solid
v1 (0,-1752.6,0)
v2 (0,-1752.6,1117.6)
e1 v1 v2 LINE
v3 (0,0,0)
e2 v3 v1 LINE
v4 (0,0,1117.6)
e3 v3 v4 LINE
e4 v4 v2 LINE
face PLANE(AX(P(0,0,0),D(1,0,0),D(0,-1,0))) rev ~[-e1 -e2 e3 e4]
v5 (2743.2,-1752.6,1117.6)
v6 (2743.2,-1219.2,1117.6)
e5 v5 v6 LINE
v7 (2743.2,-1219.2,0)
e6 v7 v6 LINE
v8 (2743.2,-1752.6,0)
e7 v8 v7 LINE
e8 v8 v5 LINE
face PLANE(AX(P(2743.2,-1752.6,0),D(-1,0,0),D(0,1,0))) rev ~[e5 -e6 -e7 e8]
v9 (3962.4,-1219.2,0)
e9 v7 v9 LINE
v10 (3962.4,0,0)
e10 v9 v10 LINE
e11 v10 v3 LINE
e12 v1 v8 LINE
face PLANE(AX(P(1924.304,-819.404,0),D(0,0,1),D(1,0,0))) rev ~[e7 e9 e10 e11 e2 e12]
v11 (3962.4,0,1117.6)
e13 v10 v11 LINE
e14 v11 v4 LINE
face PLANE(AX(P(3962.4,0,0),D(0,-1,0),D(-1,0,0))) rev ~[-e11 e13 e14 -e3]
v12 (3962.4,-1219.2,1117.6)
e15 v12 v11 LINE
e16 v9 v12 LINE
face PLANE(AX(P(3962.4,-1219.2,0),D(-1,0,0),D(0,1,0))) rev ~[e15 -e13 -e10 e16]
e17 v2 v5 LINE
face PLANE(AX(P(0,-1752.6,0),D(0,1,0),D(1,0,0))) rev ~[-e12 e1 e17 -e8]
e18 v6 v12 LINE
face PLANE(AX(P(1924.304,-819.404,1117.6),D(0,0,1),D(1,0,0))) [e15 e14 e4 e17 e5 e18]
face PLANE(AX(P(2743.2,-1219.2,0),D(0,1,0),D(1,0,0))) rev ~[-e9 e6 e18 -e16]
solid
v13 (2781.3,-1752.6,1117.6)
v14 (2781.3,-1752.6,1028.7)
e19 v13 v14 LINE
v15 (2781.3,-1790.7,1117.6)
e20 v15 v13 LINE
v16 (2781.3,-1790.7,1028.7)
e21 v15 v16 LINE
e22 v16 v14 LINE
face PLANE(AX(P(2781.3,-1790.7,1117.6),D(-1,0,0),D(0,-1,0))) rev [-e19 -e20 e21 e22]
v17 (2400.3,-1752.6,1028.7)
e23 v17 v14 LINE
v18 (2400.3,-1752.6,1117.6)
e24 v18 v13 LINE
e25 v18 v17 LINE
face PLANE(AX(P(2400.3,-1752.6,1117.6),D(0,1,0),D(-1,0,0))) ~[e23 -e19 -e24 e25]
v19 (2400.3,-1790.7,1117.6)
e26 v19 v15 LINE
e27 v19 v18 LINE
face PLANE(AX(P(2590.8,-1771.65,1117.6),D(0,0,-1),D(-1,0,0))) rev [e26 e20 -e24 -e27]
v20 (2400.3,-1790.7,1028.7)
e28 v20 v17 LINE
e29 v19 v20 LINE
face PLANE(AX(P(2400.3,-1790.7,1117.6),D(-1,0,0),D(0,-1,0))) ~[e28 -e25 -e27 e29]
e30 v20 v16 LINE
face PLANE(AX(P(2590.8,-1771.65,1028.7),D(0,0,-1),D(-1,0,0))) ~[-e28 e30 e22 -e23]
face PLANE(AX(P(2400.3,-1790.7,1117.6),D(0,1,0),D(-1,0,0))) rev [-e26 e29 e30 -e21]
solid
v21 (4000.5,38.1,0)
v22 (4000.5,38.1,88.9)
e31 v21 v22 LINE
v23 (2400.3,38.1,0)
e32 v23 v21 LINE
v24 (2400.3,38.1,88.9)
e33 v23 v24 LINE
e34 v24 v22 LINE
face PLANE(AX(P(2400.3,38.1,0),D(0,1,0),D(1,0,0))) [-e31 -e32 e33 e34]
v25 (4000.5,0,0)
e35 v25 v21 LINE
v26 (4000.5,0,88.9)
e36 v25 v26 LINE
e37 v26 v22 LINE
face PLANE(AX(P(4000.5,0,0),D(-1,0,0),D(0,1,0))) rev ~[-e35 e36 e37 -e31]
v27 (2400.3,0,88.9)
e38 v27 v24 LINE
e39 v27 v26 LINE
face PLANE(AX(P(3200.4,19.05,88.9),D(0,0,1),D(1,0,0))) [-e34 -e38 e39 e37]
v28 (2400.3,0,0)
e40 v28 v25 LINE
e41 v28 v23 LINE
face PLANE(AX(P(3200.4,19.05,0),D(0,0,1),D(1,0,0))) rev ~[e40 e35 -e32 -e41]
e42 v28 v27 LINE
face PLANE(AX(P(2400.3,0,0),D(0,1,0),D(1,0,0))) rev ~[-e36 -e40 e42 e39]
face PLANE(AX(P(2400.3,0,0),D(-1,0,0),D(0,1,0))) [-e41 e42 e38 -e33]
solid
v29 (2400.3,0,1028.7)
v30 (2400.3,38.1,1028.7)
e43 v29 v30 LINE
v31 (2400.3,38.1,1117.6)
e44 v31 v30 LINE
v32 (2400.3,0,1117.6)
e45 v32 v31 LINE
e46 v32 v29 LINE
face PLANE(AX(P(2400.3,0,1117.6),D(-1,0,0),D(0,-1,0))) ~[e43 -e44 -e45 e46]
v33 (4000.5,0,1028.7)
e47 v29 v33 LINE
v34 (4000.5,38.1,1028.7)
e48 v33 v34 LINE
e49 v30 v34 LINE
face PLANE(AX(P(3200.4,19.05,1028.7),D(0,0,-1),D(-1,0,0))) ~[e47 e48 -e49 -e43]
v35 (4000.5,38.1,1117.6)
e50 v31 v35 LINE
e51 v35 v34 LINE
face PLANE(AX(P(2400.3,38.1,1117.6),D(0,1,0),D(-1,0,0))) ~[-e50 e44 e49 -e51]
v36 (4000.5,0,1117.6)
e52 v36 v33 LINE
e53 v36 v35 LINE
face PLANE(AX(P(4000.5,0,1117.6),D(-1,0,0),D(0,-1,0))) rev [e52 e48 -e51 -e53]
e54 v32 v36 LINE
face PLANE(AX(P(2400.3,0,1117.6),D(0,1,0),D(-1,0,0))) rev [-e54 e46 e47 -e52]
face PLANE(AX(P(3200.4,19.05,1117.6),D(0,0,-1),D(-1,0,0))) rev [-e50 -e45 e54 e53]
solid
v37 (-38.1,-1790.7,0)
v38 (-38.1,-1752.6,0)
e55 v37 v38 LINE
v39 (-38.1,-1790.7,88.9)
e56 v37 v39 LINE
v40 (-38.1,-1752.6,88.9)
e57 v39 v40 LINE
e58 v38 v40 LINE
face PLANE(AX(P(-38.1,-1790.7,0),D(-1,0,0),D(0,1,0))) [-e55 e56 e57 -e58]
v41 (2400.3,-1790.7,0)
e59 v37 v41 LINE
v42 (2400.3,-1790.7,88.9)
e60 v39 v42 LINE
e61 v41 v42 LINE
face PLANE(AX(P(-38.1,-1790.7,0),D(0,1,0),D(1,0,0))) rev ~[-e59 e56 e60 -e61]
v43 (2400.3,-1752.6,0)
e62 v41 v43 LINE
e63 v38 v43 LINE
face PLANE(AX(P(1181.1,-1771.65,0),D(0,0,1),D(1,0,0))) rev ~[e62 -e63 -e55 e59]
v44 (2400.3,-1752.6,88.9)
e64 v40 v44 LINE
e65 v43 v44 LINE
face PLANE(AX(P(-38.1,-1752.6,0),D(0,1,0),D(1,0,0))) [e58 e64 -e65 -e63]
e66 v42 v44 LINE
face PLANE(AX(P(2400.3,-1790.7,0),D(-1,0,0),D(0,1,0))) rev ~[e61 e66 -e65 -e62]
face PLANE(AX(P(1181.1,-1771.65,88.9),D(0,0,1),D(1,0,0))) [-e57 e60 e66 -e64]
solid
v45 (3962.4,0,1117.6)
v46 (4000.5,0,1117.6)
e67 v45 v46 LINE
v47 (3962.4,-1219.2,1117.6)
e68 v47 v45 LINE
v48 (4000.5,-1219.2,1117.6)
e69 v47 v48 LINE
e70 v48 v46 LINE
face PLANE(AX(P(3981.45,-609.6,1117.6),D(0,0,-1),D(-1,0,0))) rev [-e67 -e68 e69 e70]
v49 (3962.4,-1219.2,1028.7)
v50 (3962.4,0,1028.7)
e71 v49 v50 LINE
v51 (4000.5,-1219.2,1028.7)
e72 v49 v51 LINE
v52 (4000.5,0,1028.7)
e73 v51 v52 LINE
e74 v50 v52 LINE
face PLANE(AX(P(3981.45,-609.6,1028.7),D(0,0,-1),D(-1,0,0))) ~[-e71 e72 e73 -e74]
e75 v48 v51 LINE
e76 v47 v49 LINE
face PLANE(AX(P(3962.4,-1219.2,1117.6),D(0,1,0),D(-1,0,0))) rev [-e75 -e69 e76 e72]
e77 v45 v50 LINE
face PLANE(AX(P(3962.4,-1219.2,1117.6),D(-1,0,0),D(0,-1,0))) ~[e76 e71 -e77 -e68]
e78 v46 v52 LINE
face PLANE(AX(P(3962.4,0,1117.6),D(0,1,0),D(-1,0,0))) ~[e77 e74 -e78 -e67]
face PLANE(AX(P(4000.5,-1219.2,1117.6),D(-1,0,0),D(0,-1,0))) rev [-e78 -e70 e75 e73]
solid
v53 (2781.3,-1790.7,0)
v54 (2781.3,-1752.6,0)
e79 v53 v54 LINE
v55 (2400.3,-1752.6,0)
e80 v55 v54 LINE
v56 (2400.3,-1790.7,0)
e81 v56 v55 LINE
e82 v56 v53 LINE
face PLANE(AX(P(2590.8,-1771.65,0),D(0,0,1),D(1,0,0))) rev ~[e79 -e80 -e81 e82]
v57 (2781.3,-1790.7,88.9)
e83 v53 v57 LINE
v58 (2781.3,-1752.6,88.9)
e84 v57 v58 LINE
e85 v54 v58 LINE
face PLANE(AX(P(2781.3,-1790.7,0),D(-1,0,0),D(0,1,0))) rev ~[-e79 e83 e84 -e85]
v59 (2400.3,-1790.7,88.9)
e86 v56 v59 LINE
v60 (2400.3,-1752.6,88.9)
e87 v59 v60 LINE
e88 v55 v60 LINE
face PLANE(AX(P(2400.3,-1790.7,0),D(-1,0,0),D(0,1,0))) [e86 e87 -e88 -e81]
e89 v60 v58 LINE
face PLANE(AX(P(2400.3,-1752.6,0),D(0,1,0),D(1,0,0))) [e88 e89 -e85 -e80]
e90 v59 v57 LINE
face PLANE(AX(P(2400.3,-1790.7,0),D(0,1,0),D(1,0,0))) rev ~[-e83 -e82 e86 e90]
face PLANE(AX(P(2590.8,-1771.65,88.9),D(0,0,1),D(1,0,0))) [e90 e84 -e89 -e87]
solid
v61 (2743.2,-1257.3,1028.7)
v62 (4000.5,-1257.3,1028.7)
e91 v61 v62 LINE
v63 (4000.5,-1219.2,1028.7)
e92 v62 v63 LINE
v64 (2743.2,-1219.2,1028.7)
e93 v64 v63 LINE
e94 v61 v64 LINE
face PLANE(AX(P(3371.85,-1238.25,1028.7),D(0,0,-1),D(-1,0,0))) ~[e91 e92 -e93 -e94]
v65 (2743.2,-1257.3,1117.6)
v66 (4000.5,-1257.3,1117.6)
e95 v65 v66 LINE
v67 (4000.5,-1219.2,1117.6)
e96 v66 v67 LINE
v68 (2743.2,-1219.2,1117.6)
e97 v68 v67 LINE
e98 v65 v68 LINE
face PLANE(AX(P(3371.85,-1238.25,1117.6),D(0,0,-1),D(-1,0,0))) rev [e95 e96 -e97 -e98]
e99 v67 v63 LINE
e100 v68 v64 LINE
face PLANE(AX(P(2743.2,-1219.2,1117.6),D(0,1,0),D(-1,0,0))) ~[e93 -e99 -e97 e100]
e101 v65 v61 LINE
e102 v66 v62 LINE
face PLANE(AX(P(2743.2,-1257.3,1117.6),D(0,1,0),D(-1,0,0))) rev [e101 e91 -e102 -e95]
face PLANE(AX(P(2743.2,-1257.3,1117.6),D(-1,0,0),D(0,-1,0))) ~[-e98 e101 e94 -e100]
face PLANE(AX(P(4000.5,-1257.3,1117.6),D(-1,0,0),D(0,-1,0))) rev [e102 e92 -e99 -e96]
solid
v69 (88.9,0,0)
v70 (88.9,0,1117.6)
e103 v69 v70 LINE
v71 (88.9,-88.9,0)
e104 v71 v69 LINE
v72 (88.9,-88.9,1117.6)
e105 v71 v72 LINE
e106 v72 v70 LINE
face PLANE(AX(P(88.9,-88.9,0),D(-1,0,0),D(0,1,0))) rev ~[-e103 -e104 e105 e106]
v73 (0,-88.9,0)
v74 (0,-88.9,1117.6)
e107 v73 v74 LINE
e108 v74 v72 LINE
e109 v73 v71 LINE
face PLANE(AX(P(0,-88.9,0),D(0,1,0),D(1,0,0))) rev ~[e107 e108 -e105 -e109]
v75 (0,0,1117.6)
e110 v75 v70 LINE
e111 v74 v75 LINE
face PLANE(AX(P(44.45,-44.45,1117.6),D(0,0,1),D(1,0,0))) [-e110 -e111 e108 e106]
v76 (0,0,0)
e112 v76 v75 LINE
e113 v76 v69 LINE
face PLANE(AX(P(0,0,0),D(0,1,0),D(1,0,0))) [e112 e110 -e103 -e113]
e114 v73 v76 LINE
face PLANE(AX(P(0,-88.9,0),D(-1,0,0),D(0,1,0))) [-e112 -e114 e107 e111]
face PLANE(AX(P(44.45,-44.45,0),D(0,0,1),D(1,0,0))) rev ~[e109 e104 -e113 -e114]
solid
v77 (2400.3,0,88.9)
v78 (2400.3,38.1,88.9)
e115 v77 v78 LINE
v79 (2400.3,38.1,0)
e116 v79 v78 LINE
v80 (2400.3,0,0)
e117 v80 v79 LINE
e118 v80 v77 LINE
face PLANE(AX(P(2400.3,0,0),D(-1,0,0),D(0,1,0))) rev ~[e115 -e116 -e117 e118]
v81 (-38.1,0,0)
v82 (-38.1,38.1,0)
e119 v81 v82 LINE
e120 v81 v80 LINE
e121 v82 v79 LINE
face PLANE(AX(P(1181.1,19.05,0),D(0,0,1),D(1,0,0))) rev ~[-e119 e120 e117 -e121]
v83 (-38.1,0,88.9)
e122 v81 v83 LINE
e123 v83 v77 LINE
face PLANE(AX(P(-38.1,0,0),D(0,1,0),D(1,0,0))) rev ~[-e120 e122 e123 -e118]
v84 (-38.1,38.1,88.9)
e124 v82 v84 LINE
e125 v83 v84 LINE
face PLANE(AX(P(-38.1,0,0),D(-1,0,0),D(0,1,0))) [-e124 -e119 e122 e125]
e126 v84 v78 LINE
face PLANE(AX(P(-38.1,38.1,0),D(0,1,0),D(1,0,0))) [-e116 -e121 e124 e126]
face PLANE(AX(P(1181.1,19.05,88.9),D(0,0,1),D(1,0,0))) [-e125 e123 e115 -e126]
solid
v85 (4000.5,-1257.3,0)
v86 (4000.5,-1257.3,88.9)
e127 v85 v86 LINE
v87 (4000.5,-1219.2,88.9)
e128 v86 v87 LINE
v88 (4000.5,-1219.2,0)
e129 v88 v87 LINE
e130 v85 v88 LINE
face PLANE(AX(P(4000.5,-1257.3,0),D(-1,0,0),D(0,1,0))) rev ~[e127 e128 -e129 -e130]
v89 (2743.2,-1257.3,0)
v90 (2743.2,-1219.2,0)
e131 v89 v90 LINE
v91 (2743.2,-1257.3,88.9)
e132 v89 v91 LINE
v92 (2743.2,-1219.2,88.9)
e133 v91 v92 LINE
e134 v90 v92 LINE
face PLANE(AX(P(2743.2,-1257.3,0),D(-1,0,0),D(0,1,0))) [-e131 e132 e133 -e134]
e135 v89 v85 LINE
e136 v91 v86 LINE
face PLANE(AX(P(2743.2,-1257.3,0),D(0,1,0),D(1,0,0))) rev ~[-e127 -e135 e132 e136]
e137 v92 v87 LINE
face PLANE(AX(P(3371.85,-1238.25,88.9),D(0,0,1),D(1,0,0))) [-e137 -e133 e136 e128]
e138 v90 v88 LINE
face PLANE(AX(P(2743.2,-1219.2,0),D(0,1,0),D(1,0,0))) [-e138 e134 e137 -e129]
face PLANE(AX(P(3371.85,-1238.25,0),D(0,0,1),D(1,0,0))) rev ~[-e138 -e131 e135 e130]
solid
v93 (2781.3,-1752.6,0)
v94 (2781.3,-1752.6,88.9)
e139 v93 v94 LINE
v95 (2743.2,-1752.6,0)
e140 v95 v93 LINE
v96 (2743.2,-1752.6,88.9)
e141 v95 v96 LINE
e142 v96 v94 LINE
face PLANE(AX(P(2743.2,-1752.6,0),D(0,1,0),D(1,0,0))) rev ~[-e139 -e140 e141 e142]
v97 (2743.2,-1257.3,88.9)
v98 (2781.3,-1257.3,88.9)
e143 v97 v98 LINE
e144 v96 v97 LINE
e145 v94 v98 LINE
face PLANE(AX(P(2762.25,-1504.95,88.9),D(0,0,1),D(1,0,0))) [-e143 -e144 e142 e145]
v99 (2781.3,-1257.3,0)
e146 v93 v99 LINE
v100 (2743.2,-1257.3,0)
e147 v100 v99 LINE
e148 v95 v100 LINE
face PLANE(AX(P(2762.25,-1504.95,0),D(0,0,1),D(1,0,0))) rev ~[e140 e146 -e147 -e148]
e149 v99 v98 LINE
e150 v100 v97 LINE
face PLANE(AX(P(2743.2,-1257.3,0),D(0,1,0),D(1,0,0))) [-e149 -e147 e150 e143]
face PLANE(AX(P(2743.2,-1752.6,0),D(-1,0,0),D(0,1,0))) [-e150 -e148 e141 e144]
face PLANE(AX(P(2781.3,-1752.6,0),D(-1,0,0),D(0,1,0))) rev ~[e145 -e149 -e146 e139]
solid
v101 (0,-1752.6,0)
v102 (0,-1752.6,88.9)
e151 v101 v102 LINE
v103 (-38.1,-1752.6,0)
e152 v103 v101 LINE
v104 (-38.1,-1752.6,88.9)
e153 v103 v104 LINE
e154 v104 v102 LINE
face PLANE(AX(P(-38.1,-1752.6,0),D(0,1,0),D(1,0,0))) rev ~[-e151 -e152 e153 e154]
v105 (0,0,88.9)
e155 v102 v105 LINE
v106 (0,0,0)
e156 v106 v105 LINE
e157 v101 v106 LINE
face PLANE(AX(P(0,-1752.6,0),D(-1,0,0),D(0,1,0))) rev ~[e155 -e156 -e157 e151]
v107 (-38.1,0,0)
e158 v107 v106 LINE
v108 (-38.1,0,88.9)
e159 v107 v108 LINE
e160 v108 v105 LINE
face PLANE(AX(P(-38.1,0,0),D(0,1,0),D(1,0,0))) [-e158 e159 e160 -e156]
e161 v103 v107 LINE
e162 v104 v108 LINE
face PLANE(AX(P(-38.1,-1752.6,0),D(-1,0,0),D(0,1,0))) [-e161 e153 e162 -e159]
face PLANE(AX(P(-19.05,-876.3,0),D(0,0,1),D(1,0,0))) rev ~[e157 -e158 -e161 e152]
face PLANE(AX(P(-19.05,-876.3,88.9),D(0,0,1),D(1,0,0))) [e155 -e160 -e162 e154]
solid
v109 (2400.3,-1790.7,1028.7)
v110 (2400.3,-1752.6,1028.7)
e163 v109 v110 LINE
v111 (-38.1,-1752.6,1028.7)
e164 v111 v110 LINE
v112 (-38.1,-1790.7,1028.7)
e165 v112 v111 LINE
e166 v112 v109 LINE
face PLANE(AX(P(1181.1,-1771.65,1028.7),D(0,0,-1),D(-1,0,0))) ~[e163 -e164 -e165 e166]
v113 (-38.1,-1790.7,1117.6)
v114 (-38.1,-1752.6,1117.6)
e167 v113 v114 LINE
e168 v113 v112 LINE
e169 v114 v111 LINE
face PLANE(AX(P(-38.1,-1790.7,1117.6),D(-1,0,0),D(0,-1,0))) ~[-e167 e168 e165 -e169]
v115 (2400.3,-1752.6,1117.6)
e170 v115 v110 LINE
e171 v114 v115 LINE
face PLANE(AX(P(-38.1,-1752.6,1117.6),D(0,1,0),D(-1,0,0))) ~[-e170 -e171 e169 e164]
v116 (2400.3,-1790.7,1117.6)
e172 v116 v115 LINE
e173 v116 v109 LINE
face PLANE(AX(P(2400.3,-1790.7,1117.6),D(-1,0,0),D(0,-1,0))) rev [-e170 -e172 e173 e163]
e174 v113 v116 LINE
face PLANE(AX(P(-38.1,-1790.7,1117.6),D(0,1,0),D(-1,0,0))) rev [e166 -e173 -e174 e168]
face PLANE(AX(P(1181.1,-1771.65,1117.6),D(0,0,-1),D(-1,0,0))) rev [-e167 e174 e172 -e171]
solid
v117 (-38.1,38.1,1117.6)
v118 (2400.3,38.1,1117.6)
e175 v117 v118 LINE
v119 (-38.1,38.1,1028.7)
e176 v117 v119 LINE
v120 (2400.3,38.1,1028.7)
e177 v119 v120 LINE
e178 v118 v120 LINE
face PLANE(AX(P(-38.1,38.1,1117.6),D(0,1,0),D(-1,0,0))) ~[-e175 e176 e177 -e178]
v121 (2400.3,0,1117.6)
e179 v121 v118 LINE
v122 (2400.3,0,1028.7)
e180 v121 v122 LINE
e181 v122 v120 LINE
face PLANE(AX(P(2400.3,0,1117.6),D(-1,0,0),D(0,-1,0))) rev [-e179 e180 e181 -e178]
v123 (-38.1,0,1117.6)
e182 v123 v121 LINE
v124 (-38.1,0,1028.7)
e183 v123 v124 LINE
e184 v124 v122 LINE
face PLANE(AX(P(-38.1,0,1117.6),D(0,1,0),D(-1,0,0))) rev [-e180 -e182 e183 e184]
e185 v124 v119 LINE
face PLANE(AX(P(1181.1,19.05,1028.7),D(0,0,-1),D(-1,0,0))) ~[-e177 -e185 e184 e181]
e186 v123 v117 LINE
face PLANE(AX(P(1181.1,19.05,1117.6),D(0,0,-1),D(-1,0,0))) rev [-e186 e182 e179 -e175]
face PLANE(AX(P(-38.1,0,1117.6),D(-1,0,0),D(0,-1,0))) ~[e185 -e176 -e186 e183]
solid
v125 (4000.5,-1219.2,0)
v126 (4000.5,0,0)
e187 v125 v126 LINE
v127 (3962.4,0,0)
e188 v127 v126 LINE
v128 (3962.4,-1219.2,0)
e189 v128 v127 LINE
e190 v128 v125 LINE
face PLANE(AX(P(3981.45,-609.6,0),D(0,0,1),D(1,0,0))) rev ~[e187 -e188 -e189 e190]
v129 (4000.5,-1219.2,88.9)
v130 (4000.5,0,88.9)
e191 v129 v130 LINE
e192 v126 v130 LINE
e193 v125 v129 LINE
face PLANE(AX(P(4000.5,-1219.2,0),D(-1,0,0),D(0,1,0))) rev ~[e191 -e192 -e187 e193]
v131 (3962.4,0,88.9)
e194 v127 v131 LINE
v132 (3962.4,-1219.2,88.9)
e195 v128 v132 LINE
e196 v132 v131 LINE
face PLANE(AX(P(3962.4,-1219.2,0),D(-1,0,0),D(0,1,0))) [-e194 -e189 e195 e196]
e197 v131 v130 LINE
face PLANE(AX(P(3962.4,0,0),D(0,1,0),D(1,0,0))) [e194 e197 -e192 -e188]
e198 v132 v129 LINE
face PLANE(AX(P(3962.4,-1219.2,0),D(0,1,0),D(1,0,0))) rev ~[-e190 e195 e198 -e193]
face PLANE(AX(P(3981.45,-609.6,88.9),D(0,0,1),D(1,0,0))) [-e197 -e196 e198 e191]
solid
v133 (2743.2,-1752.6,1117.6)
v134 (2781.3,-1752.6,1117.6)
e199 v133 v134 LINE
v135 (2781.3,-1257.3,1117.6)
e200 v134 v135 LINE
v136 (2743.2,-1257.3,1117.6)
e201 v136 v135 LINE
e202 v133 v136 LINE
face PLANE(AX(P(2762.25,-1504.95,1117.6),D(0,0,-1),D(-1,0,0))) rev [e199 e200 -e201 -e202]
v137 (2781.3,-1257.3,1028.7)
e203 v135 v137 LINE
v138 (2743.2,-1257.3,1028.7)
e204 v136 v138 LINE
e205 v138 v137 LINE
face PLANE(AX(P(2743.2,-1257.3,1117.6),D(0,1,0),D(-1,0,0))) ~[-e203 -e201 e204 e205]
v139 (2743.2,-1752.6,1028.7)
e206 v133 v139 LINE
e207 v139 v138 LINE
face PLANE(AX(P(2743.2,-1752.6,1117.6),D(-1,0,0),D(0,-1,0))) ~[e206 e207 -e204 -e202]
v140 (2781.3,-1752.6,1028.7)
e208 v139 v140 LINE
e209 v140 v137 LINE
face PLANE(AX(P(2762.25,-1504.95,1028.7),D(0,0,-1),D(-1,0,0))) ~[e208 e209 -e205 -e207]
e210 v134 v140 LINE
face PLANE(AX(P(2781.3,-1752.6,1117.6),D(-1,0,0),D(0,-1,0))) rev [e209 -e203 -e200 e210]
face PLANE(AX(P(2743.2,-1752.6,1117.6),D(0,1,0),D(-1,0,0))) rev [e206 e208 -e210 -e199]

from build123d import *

# Parameters (mm, degrees)
F1_DEPTH  = 1117.6
F2_W      = 2438.4
F2_H      = 38.1
F3_DEPTH  = 88.9
F4_W      = 2438.4
F4_H      = 38.1
F5_DEPTH  = 88.9
F6_W      = 38.1
F6_H      = 1752.6
F7_DEPTH  = 88.9
F8_W      = 1600.2
F8_H      = 38.1
F9_DEPTH  = 88.9
F10_W     = 381
F10_H     = 38.1
F11_DEPTH = 88.9
F12_W     = 1257.3
F12_H     = 38.1
F13_DEPTH = 88.9
F14_W     = 38.1
F14_H     = 495.3
F15_DEPTH = 88.9
F16_W     = 38.1
F16_H     = 1219.2
F17_DEPTH = 88.9
F21_W     = 88.9
F21_H     = 88.9
F22_DEPTH = 1117.6


with BuildPart() as f1:
    # F0 (on Top) → F1 (new body)
    with BuildSketch(Plane.XY):
        Polygon((3962.4, 0), (0, 0), (0, -1752.6), (2743.2, -1752.6), (2743.2, -1219.2), (3962.4, -1219.2), align=None)
    extrude(amount=F1_DEPTH)


with BuildPart() as f3:
    # F2 (on Top) → F3 (new body)
    with BuildSketch(Plane.XY):
        with Locations((1181.1, -1771.65)):
            Rectangle(F2_W, F2_H)
    extrude(amount=F3_DEPTH)


with BuildPart() as f5:
    # F4 (on Top) → F5 (new body)
    with BuildSketch(Plane.XY):
        with Locations((1181.1, 19.05)):
            Rectangle(F4_W, F4_H)
    extrude(amount=F5_DEPTH)


with BuildPart() as f7:
    # F6 (on Top) → F7 (new body)
    with BuildSketch(Plane.XY):
        with Locations((-19.05, -876.3)):
            Rectangle(F6_W, F6_H)
    extrude(amount=F7_DEPTH)


with BuildPart() as f9:
    # F8 (on Top) → F9 (new body)
    with BuildSketch(Plane.XY):
        with Locations((3200.4, 19.05)):
            Rectangle(F8_W, F8_H)
    extrude(amount=F9_DEPTH)


with BuildPart() as f11:
    # F10 (on Top) → F11 (new body)
    with BuildSketch(Plane.XY):
        with Locations((2590.8, -1771.65)):
            Rectangle(F10_W, F10_H)
    extrude(amount=F11_DEPTH)


with BuildPart() as f13:
    # F12 (on Top) → F13 (new body)
    with BuildSketch(Plane.XY):
        with Locations((3371.85, -1238.25)):
            Rectangle(F12_W, F12_H)
    extrude(amount=F13_DEPTH)


with BuildPart() as f15:
    # F14 (on Top) → F15 (new body)
    with BuildSketch(Plane.XY):
        with Locations((2762.25, -1504.95)):
            Rectangle(F14_W, F14_H)
    extrude(amount=F15_DEPTH)


with BuildPart() as f17:
    # F16 (on Top) → F17 (new body)
    with BuildSketch(Plane.XY):
        with Locations((3981.45, -609.6)):
            Rectangle(F16_W, F16_H)
    extrude(amount=F17_DEPTH)


with BuildPart() as f19_1:
    # F19: instance of F3
    add(f3.part.mirror(Plane.XY.offset(558.8)))


with BuildPart() as f19_2:
    # F19: instance of F5
    add(f5.part.mirror(Plane.XY.offset(558.8)))


with BuildPart() as f19_3:
    # F19: instance of F7
    add(f7.part.mirror(Plane.XY.offset(558.8)))


with BuildPart() as f19_4:
    # F19: instance of F9
    add(f9.part.mirror(Plane.XY.offset(558.8)))


with BuildPart() as f19_5:
    # F19: instance of F11
    add(f11.part.mirror(Plane.XY.offset(558.8)))


with BuildPart() as f19_6:
    # F19: instance of F13
    add(f13.part.mirror(Plane.XY.offset(558.8)))


with BuildPart() as f19_7:
    # F19: instance of F15
    add(f15.part.mirror(Plane.XY.offset(558.8)))


with BuildPart() as f19_8:
    # F19: instance of F17
    add(f17.part.mirror(Plane.XY.offset(558.8)))


with BuildPart() as f22:
    # F21 (on Top) → F22 (new body)
    with BuildSketch(Plane.XY):
        with Locations((44.45, -44.45)):
            Rectangle(F21_W, F21_H)
    extrude(amount=F22_DEPTH)


solid = Compound([f1.part, f3.part, f5.part, f7.part, f9.part, f11.part, f13.part, f15.part, f17.part, f19_1.part, f19_2.part, f19_4.part, f19_5.part, f19_6.part, f19_7.part, f19_8.part, f22.part])
